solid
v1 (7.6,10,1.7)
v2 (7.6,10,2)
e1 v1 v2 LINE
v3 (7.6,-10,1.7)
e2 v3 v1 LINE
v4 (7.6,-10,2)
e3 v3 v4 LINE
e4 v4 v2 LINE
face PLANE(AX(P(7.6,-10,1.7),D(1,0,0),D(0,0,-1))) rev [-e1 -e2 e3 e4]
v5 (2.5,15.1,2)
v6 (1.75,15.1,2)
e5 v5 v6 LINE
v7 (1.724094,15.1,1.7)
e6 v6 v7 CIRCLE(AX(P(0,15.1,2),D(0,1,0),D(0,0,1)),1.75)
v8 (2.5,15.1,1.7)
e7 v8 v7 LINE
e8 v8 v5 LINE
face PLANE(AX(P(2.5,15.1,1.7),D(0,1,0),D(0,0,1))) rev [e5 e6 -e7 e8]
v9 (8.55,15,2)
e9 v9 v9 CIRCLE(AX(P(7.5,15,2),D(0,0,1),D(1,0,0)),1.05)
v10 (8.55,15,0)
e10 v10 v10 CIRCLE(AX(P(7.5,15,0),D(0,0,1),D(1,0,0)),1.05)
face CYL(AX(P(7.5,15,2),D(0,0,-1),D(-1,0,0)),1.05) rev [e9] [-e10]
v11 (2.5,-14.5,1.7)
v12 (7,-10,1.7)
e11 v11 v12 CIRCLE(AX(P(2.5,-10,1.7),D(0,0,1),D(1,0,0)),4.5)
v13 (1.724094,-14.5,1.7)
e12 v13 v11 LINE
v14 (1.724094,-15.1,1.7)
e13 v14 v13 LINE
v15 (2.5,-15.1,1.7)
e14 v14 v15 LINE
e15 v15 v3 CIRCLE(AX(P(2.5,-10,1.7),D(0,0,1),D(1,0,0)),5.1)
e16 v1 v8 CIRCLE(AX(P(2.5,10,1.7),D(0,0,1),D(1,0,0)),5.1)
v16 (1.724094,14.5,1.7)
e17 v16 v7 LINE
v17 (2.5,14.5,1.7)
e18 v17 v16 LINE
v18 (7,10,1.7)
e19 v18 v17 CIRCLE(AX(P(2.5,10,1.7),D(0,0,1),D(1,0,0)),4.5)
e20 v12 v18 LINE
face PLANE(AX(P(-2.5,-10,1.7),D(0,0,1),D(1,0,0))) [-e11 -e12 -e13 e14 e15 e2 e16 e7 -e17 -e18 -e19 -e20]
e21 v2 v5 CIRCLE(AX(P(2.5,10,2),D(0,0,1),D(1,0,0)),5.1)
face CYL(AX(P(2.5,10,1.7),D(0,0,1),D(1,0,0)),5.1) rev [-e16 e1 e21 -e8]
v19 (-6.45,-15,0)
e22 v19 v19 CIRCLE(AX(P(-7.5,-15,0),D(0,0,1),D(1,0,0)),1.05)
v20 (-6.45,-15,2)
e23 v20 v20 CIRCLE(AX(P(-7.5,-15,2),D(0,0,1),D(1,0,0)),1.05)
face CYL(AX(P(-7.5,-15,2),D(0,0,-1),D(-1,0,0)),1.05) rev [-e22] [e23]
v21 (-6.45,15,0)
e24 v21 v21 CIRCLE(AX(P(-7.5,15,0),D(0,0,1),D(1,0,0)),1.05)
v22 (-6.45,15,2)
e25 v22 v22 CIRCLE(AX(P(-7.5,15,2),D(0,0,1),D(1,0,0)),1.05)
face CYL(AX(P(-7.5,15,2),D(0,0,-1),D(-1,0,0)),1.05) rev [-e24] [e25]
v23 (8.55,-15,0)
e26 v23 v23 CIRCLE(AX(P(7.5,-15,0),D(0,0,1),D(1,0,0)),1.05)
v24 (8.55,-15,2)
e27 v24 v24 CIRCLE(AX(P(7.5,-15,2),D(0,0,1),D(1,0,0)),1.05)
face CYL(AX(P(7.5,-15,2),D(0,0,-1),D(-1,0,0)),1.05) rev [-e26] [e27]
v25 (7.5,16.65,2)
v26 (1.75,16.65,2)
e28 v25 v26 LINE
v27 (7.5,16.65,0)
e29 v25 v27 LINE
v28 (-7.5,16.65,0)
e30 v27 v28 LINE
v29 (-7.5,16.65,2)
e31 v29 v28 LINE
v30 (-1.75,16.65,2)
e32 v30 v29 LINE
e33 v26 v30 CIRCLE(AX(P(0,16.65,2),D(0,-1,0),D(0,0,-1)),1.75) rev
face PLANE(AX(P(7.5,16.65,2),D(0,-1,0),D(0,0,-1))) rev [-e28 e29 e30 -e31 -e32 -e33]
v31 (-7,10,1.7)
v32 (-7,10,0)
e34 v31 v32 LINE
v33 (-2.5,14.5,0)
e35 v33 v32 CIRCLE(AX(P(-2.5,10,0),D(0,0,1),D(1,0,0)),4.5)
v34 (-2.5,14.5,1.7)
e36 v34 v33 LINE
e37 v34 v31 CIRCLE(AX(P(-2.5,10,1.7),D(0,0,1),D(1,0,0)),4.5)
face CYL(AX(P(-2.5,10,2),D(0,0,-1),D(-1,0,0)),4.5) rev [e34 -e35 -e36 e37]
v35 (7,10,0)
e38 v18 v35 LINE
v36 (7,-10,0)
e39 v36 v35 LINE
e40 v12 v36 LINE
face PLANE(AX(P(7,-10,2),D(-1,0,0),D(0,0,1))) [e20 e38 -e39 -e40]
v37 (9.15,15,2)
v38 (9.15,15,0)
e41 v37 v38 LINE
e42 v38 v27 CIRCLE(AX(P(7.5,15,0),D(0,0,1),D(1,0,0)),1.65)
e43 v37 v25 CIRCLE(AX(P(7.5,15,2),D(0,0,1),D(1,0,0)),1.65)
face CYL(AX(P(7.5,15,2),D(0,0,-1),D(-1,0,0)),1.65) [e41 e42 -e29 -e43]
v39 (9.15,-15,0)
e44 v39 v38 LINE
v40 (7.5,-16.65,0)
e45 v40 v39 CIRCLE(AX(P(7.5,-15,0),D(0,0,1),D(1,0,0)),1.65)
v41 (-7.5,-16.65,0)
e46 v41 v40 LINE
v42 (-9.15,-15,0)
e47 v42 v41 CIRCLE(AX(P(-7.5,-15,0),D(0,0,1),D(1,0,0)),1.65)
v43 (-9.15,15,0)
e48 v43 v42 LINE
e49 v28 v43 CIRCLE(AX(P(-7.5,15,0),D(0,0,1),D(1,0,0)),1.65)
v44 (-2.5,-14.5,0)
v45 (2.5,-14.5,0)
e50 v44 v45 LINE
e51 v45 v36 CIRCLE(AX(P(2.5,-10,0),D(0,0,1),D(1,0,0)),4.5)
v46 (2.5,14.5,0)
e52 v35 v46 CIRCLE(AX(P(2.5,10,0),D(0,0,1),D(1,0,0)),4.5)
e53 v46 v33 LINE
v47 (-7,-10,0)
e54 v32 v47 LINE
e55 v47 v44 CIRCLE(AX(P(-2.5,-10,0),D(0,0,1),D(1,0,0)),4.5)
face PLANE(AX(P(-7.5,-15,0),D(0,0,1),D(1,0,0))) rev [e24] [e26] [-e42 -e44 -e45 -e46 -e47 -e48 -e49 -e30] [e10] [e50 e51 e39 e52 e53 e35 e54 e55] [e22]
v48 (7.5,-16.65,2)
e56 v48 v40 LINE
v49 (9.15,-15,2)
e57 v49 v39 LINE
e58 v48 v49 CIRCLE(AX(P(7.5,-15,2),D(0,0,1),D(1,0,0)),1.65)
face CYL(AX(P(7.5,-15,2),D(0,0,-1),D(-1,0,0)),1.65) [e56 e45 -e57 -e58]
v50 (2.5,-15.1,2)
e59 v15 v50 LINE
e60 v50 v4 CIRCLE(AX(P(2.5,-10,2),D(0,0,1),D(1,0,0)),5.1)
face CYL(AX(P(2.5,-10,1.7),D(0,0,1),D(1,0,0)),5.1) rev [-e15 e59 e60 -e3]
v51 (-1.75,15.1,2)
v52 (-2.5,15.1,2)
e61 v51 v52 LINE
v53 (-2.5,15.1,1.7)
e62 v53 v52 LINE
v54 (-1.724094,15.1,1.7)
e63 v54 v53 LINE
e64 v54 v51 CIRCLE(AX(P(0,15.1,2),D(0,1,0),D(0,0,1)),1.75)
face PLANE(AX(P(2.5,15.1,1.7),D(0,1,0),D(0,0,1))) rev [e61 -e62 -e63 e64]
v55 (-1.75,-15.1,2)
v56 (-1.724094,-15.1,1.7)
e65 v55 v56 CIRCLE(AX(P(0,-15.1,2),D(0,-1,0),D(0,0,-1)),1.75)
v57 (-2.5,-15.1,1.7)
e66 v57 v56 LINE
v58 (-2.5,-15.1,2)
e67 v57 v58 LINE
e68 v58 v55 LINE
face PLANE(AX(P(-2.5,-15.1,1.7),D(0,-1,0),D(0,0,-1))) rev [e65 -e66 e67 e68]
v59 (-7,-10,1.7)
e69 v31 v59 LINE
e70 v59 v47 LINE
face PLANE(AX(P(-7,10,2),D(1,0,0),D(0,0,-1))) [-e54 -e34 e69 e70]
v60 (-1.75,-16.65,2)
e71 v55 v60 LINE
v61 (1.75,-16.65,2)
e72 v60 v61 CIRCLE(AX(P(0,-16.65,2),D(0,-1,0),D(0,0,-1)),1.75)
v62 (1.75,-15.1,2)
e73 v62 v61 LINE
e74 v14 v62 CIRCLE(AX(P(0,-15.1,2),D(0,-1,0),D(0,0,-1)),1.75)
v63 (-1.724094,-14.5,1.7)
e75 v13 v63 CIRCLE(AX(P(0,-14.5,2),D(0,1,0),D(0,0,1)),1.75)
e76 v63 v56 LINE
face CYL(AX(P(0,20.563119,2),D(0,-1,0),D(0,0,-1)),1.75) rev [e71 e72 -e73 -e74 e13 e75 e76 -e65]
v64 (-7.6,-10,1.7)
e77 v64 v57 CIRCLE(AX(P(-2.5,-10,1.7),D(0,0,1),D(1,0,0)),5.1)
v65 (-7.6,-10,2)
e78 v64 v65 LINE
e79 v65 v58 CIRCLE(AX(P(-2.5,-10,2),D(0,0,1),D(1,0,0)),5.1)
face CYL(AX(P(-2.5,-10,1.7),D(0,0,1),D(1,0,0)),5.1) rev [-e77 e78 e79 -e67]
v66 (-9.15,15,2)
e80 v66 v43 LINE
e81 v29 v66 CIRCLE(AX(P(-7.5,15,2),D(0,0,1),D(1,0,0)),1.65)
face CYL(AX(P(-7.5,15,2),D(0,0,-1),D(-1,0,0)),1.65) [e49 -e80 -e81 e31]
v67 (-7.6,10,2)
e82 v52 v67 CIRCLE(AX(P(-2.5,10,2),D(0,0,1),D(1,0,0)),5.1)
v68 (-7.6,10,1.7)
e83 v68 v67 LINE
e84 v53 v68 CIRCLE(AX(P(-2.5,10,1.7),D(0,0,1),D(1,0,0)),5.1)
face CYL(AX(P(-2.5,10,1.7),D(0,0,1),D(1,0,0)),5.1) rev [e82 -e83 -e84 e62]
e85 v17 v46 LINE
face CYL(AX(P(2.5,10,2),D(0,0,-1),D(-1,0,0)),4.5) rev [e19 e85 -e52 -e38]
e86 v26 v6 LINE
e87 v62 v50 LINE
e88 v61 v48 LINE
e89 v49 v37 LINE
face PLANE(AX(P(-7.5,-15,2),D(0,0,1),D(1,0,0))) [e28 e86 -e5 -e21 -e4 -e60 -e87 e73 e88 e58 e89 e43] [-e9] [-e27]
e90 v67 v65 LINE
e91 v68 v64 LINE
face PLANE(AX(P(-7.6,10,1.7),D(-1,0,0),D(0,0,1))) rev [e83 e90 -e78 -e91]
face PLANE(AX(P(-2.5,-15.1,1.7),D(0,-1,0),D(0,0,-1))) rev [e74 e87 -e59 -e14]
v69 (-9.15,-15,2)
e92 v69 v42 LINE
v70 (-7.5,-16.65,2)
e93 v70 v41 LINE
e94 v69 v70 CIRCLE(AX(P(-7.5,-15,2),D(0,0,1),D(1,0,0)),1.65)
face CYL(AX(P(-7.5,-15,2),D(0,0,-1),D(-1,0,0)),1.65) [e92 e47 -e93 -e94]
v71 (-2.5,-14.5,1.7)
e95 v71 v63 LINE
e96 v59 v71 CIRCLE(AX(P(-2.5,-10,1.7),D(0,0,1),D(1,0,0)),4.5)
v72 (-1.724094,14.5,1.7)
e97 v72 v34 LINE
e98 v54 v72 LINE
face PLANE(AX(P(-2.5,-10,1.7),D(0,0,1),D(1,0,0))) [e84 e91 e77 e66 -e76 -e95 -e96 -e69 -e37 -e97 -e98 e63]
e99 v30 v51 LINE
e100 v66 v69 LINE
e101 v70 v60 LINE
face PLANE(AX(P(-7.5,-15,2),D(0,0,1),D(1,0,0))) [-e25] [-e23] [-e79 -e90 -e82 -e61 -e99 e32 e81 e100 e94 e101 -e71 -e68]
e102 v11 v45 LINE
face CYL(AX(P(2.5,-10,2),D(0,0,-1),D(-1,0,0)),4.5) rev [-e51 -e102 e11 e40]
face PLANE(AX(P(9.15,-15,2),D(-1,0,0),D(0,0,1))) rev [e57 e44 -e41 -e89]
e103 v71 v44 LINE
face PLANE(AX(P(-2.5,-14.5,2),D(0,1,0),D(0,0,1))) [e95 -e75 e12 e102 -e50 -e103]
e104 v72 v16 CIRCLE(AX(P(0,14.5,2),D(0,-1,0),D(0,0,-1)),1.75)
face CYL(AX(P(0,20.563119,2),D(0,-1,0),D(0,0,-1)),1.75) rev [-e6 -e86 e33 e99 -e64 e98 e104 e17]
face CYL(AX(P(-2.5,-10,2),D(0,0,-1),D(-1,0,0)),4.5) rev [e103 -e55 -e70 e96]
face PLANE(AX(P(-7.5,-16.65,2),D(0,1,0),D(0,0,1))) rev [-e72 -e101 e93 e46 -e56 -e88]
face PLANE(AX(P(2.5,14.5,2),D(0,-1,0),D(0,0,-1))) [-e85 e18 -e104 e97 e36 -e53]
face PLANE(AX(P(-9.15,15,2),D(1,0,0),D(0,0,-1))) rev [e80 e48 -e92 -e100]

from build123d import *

# Parameters (mm, degrees)
SKIZZE1_R                       = 1.05
AUFSATZ_LINEAR_AUSTRAGEN1_DEPTH = 2
SCHNITT_LINEAR_AUSTRAGEN1_DEPTH = 0.3
SCHNITT_LINEAR_AUSTRAGEN2_REACH = 36.592


with BuildPart() as part:
    # Skizze1 → Aufsatz-Linear austragen1 (new body)
    with BuildSketch(Plane(origin=(0, 0, 0), x_dir=(0, 1, 0), z_dir=(0, 0, 1))):
        with BuildLine():
            Line((-16.65, 7.5), (-16.65, -7.5))
            ThreePointArc((-16.65, -7.5), (-16.166726189, -8.666726189), (-15, -9.15))
            Line((-15, -9.15), (15, -9.15))
            ThreePointArc((15, -9.15), (16.166726189, -8.666726189), (16.65, -7.5))
            Line((16.65, -7.5), (16.65, 7.5))
            ThreePointArc((16.65, 7.5), (16.166726189, 8.666726189), (15, 9.15))
            Line((15, 9.15), (-15, 9.15))
            ThreePointArc((-15, 9.15), (-16.166726189, 8.666726189), (-16.65, 7.5))
        make_face()
        with Locations(Location((-15, 7.5, 0), (0, 0, 270))):
            Circle(SKIZZE1_R, mode=Mode.SUBTRACT)
        with Locations(Location((15, 7.5, 0), (0, 0, 270))):
            Circle(SKIZZE1_R, mode=Mode.SUBTRACT)
        with Locations(Location((15, -7.5, 0), (0, 0, 270))):
            Circle(SKIZZE1_R, mode=Mode.SUBTRACT)
        with Locations(Location((-15, -7.5, 0), (0, 0, 270))):
            Circle(SKIZZE1_R, mode=Mode.SUBTRACT)
        with BuildLine():
            Line((-14.5, 2.5), (-14.5, -2.5))
            ThreePointArc((-14.5, -2.5), (-13.181980515, -5.681980515), (-10, -7))
            Line((-10, -7), (10, -7))
            ThreePointArc((10, -7), (13.181980515, -5.681980515), (14.5, -2.5))
            Line((14.5, -2.5), (14.5, 2.5))
            ThreePointArc((14.5, 2.5), (13.181980515, 5.681980515), (10, 7))
            Line((10, 7), (-10, 7))
            ThreePointArc((-10, 7), (-13.181980515, 5.681980515), (-14.5, 2.5))
        make_face(mode=Mode.SUBTRACT)
    extrude(amount=AUFSATZ_LINEAR_AUSTRAGEN1_DEPTH)

    # Skizze2 → Schnitt-Linear austragen1 (cut)
    with BuildSketch(Plane.XY.offset(2)):
        with BuildLine():
            Line((-2.5, -15.1), (2.5, -15.1))
            ThreePointArc((2.5, -15.1), (6.106244584, -13.606244584), (7.6, -10))
            Line((7.6, -10), (7.6, 10))
            ThreePointArc((7.6, 10), (6.106244584, 13.606244584), (2.5, 15.1))
            Line((2.5, 15.1), (-2.5, 15.1))
            ThreePointArc((-2.5, 15.1), (-6.106244584, 13.606244584), (-7.6, 10))
            Line((-7.6, 10), (-7.6, -10))
            ThreePointArc((-7.6, -10), (-6.106244584, -13.606244584), (-2.5, -15.1))
        make_face()
    extrude(amount=-SCHNITT_LINEAR_AUSTRAGEN1_DEPTH, mode=Mode.SUBTRACT)

    # Schnitt-Linear austragen2: up to this face of the body (flat: up to its plane)
    schnitt_linear_austragen2_end = Plane(part.part.faces().sort_by_distance((0, 16.65, 1))[0])
    # Skizze3 → Schnitt-Linear austragen2 (cut, up to the picked face)
    with BuildSketch(Plane.XZ.offset(16.65), mode=Mode.PRIVATE) as schnitt_linear_austragen2_sk1:
        with BuildLine():
            Line((-1.75, 2), (1.75, 2))
            ThreePointArc((1.75, 2), (0, 0.25), (-1.75, 2))
        make_face()
    schnitt_linear_austragen2_tool1 = split(extrude(schnitt_linear_austragen2_sk1.sketch, amount=-SCHNITT_LINEAR_AUSTRAGEN2_REACH, mode=Mode.PRIVATE), bisect_by=schnitt_linear_austragen2_end, keep=Keep.BOTH, mode=Mode.PRIVATE)
    add(schnitt_linear_austragen2_tool1.solids().sort_by(Axis((0, -16.65, 1.257277), (0, 1, 0)))[0], mode=Mode.SUBTRACT)


solid = part.part
